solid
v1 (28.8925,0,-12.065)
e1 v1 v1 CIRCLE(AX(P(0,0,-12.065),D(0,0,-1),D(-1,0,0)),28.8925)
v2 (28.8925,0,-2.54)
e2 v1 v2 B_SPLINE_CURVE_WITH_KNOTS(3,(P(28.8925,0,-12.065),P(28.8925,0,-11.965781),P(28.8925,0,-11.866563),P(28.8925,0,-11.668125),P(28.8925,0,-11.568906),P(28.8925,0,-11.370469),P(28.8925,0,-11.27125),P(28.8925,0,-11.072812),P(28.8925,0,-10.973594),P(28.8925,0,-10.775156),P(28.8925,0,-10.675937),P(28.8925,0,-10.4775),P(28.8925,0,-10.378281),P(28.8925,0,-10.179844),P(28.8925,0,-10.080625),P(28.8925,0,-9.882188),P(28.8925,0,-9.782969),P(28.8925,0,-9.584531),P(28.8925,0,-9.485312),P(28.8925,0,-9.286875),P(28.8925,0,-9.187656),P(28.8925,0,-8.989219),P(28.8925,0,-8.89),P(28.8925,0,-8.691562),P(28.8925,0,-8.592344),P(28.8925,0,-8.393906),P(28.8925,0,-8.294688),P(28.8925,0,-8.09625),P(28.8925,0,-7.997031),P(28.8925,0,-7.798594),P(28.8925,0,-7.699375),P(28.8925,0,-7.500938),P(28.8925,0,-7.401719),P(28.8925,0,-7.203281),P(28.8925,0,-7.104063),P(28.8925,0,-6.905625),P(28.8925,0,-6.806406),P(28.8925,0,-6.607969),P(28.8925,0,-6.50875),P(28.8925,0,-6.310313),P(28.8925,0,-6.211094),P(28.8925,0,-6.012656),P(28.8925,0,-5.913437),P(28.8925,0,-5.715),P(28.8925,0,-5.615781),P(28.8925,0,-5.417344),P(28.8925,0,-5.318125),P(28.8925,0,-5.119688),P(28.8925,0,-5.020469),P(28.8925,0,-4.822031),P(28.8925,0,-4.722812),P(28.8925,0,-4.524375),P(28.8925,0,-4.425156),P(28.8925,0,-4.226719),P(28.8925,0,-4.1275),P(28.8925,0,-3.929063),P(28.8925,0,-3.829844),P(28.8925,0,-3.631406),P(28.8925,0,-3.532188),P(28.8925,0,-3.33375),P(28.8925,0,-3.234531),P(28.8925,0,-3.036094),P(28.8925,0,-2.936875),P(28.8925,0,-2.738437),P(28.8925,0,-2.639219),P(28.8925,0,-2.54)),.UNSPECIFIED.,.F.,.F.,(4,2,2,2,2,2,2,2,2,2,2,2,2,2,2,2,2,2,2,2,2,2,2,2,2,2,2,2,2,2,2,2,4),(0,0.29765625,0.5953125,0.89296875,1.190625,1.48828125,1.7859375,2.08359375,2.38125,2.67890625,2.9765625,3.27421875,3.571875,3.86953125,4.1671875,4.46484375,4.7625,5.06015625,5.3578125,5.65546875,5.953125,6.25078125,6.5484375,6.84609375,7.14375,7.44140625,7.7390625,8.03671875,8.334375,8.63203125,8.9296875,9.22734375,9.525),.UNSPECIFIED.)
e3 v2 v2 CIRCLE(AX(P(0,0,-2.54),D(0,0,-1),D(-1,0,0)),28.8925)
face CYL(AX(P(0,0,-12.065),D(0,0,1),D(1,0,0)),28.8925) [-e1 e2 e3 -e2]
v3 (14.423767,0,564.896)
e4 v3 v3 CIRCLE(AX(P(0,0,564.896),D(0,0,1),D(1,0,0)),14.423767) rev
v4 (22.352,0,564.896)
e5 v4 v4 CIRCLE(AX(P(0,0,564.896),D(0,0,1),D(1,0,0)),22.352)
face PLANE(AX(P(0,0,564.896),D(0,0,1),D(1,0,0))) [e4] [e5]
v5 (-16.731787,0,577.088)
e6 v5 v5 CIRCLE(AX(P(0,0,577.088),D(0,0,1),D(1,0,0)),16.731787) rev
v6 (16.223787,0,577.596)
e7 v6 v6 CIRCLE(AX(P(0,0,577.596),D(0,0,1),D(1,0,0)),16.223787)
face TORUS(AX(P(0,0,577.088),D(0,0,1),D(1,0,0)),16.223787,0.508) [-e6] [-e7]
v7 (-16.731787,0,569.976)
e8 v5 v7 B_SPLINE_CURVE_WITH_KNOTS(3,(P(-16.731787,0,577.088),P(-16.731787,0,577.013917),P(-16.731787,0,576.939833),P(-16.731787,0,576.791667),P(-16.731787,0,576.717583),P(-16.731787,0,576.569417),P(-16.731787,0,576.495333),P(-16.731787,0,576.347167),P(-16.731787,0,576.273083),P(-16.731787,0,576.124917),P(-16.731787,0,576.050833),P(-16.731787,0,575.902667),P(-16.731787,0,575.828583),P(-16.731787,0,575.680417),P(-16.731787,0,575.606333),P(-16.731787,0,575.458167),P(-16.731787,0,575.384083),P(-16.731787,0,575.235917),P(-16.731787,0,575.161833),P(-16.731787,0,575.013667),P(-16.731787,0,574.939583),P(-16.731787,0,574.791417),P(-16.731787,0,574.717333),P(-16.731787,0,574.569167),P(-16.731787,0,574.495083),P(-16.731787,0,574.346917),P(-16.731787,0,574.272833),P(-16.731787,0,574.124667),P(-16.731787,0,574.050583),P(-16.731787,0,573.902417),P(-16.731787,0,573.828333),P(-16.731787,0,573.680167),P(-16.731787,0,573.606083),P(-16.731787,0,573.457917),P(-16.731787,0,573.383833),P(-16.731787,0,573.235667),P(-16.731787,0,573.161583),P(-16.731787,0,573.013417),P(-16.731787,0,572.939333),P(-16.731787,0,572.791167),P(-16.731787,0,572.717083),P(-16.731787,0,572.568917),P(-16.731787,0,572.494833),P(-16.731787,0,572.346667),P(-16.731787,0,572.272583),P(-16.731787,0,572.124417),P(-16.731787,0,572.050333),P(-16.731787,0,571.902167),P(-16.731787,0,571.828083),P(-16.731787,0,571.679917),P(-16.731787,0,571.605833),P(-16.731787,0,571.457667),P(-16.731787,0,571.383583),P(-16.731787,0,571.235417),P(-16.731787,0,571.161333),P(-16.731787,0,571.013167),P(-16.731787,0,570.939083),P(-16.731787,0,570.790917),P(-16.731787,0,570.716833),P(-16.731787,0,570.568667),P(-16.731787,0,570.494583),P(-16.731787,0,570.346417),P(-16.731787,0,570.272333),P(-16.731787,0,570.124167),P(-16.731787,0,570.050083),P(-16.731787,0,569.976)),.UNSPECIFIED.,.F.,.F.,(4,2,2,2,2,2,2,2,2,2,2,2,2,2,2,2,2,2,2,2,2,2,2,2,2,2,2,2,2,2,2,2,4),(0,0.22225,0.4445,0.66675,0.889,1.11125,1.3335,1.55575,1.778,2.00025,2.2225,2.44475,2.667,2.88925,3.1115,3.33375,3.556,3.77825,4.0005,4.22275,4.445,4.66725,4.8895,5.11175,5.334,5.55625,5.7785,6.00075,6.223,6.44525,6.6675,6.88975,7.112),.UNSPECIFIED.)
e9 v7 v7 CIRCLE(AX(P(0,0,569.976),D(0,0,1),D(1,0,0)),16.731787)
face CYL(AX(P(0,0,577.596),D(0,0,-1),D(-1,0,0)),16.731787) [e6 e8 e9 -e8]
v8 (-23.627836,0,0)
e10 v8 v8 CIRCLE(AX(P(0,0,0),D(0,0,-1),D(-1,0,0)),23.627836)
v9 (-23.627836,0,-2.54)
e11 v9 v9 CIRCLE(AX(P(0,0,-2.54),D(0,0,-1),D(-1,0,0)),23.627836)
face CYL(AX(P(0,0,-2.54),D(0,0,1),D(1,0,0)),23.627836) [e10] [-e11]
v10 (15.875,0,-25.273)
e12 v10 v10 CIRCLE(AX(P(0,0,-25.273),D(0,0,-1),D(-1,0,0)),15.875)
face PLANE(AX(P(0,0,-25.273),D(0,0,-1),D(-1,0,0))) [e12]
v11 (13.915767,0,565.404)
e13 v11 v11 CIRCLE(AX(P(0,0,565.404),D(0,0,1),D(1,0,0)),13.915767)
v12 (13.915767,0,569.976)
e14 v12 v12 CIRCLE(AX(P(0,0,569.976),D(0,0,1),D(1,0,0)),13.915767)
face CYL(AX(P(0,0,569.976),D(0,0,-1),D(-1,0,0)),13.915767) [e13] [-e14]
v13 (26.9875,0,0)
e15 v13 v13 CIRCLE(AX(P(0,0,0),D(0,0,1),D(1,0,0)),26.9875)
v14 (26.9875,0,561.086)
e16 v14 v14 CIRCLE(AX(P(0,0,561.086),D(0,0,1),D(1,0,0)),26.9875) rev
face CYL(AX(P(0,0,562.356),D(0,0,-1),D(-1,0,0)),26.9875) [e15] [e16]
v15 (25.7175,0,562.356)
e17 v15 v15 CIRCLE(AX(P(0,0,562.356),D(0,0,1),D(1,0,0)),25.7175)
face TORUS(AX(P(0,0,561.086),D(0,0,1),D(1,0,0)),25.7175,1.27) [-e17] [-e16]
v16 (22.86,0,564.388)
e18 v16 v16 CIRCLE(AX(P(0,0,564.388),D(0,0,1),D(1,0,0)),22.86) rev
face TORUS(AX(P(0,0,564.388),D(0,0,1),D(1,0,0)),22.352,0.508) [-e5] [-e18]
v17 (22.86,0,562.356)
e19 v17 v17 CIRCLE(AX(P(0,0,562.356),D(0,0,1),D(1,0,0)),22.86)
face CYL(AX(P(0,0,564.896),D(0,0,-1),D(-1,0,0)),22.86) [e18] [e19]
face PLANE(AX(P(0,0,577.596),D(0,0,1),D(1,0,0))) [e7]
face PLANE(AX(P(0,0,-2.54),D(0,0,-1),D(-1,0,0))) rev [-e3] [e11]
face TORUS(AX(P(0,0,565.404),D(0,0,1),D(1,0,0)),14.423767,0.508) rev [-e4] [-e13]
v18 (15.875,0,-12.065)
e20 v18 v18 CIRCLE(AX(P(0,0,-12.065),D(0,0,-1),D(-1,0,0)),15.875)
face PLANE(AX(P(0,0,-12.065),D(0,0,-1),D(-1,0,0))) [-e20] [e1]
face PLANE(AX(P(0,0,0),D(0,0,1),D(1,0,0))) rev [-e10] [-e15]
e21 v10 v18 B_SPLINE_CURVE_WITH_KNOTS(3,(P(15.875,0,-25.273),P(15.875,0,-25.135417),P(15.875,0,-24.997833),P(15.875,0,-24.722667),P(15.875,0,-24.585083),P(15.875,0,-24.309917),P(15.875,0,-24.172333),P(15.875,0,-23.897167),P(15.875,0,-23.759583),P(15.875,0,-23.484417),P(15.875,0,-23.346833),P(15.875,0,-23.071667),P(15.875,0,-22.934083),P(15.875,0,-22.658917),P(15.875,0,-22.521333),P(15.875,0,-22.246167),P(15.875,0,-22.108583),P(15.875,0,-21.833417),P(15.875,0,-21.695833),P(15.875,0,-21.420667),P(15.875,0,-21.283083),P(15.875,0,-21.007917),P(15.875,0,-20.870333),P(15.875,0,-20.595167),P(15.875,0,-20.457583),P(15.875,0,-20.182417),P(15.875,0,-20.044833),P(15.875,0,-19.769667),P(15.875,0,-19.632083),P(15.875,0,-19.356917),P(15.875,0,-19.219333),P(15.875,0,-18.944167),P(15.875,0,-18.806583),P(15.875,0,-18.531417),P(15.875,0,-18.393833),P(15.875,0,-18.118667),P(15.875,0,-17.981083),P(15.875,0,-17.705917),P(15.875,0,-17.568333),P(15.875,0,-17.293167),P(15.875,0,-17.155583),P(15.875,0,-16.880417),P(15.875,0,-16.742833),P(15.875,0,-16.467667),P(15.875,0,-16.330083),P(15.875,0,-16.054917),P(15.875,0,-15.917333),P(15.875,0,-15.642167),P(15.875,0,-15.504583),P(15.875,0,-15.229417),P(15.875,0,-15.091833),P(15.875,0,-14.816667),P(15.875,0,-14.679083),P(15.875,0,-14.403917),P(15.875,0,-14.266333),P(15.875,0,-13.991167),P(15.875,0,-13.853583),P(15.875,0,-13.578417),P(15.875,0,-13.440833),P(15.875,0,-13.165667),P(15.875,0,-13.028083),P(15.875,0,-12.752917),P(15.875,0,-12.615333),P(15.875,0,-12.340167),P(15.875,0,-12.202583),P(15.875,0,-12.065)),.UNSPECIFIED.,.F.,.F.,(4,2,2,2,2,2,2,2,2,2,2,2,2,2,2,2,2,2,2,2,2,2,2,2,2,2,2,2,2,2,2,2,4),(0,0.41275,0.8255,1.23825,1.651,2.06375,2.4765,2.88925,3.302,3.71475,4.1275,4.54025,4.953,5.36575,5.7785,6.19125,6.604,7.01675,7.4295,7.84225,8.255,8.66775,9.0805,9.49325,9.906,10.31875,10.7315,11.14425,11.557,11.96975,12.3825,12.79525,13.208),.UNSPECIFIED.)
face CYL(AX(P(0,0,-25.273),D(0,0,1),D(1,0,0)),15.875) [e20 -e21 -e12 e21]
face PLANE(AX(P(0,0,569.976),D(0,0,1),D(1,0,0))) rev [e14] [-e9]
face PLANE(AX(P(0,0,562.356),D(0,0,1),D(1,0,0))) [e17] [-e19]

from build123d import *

# Parameters (mm, degrees)
SKETCH1_R           = 26.9875
BOSS_EXTRUDE1_DEPTH = 562.356
SKETCH2_R           = 22.86
BOSS_EXTRUDE2_DEPTH = 2.54
SKETCH3_R           = 13.915766971
BOSS_EXTRUDE3_DEPTH = 5.08
SKETCH4_R           = 16.731786723
BOSS_EXTRUDE4_DEPTH = 7.62
FILLET1_R           = 0.508
FILLET2_R           = 0.508
FILLET3_R           = 0.508
FILLET4_R           = 1.27
SKETCH5_R           = 23.627835933
BOSS_EXTRUDE5_DEPTH = 2.54
SKETCH6_R           = 28.8925
BOSS_EXTRUDE6_DEPTH = 9.525
SKETCH7_R           = 15.875
BOSS_EXTRUDE7_DEPTH = 13.208


with BuildPart() as part:
    # Sketch1 → Boss-Extrude1 (new body)
    with BuildSketch(Plane.XY):
        Circle(SKETCH1_R)
    extrude(amount=BOSS_EXTRUDE1_DEPTH)

    # Sketch2 → Boss-Extrude2 (add)
    with BuildSketch(Plane.XY.offset(562.356)):
        Circle(SKETCH2_R)
    extrude(amount=BOSS_EXTRUDE2_DEPTH)

    # Sketch3 → Boss-Extrude3 (add)
    with BuildSketch(Plane.XY.offset(564.896)):
        Circle(SKETCH3_R)
    extrude(amount=BOSS_EXTRUDE3_DEPTH)

    # Sketch4 → Boss-Extrude4 (add)
    with BuildSketch(Plane.XY.offset(569.976)):
        with Locations(Location((0, 0, 0), (0, 0, 180))):
            Circle(SKETCH4_R)
    extrude(amount=BOSS_EXTRUDE4_DEPTH)

    # Fillet1
    fillet1_edges = [part.edges().sort_by_distance(p)[0] for p in [
        (16.731786723, 0, 577.596),
    ]]
    fillet(fillet1_edges, radius=FILLET1_R)

    # Fillet2
    fillet2_edges = [part.edges().sort_by_distance(p)[0] for p in [
        (-13.915766971, 0, 564.896),
    ]]
    fillet(fillet2_edges, radius=FILLET2_R)

    # Fillet3
    fillet3_edges = [part.edges().sort_by_distance(p)[0] for p in [
        (-22.86, 0, 564.896),
    ]]
    fillet(fillet3_edges, radius=FILLET3_R)

    # Fillet4
    fillet4_edges = [part.edges().sort_by_distance(p)[0] for p in [
        (-26.9875, 0, 562.356),
    ]]
    fillet(fillet4_edges, radius=FILLET4_R)

    # Sketch5 → Boss-Extrude5 (add)
    with BuildSketch(Plane(origin=(0, 0, 0), x_dir=(-1, 0, 0), z_dir=(0, 0, -1))):
        Circle(SKETCH5_R)
    extrude(amount=BOSS_EXTRUDE5_DEPTH)

    # Sketch6 → Boss-Extrude6 (add)
    with BuildSketch(Plane(origin=(0, 0, -2.54), x_dir=(-1, 0, 0), z_dir=(0, 0, -1))):
        with Locations(Location((0, 0, 0), (0, 0, 180))):
            Circle(SKETCH6_R)
    extrude(amount=BOSS_EXTRUDE6_DEPTH)

    # Sketch7 → Boss-Extrude7 (add)
    with BuildSketch(Plane(origin=(0, 0, -12.065), x_dir=(-1, 0, 0), z_dir=(0, 0, -1))):
        with Locations(Location((0, 0, 0), (0, 0, 180))):
            Circle(SKETCH7_R)
    extrude(amount=BOSS_EXTRUDE7_DEPTH)


solid = part.part
